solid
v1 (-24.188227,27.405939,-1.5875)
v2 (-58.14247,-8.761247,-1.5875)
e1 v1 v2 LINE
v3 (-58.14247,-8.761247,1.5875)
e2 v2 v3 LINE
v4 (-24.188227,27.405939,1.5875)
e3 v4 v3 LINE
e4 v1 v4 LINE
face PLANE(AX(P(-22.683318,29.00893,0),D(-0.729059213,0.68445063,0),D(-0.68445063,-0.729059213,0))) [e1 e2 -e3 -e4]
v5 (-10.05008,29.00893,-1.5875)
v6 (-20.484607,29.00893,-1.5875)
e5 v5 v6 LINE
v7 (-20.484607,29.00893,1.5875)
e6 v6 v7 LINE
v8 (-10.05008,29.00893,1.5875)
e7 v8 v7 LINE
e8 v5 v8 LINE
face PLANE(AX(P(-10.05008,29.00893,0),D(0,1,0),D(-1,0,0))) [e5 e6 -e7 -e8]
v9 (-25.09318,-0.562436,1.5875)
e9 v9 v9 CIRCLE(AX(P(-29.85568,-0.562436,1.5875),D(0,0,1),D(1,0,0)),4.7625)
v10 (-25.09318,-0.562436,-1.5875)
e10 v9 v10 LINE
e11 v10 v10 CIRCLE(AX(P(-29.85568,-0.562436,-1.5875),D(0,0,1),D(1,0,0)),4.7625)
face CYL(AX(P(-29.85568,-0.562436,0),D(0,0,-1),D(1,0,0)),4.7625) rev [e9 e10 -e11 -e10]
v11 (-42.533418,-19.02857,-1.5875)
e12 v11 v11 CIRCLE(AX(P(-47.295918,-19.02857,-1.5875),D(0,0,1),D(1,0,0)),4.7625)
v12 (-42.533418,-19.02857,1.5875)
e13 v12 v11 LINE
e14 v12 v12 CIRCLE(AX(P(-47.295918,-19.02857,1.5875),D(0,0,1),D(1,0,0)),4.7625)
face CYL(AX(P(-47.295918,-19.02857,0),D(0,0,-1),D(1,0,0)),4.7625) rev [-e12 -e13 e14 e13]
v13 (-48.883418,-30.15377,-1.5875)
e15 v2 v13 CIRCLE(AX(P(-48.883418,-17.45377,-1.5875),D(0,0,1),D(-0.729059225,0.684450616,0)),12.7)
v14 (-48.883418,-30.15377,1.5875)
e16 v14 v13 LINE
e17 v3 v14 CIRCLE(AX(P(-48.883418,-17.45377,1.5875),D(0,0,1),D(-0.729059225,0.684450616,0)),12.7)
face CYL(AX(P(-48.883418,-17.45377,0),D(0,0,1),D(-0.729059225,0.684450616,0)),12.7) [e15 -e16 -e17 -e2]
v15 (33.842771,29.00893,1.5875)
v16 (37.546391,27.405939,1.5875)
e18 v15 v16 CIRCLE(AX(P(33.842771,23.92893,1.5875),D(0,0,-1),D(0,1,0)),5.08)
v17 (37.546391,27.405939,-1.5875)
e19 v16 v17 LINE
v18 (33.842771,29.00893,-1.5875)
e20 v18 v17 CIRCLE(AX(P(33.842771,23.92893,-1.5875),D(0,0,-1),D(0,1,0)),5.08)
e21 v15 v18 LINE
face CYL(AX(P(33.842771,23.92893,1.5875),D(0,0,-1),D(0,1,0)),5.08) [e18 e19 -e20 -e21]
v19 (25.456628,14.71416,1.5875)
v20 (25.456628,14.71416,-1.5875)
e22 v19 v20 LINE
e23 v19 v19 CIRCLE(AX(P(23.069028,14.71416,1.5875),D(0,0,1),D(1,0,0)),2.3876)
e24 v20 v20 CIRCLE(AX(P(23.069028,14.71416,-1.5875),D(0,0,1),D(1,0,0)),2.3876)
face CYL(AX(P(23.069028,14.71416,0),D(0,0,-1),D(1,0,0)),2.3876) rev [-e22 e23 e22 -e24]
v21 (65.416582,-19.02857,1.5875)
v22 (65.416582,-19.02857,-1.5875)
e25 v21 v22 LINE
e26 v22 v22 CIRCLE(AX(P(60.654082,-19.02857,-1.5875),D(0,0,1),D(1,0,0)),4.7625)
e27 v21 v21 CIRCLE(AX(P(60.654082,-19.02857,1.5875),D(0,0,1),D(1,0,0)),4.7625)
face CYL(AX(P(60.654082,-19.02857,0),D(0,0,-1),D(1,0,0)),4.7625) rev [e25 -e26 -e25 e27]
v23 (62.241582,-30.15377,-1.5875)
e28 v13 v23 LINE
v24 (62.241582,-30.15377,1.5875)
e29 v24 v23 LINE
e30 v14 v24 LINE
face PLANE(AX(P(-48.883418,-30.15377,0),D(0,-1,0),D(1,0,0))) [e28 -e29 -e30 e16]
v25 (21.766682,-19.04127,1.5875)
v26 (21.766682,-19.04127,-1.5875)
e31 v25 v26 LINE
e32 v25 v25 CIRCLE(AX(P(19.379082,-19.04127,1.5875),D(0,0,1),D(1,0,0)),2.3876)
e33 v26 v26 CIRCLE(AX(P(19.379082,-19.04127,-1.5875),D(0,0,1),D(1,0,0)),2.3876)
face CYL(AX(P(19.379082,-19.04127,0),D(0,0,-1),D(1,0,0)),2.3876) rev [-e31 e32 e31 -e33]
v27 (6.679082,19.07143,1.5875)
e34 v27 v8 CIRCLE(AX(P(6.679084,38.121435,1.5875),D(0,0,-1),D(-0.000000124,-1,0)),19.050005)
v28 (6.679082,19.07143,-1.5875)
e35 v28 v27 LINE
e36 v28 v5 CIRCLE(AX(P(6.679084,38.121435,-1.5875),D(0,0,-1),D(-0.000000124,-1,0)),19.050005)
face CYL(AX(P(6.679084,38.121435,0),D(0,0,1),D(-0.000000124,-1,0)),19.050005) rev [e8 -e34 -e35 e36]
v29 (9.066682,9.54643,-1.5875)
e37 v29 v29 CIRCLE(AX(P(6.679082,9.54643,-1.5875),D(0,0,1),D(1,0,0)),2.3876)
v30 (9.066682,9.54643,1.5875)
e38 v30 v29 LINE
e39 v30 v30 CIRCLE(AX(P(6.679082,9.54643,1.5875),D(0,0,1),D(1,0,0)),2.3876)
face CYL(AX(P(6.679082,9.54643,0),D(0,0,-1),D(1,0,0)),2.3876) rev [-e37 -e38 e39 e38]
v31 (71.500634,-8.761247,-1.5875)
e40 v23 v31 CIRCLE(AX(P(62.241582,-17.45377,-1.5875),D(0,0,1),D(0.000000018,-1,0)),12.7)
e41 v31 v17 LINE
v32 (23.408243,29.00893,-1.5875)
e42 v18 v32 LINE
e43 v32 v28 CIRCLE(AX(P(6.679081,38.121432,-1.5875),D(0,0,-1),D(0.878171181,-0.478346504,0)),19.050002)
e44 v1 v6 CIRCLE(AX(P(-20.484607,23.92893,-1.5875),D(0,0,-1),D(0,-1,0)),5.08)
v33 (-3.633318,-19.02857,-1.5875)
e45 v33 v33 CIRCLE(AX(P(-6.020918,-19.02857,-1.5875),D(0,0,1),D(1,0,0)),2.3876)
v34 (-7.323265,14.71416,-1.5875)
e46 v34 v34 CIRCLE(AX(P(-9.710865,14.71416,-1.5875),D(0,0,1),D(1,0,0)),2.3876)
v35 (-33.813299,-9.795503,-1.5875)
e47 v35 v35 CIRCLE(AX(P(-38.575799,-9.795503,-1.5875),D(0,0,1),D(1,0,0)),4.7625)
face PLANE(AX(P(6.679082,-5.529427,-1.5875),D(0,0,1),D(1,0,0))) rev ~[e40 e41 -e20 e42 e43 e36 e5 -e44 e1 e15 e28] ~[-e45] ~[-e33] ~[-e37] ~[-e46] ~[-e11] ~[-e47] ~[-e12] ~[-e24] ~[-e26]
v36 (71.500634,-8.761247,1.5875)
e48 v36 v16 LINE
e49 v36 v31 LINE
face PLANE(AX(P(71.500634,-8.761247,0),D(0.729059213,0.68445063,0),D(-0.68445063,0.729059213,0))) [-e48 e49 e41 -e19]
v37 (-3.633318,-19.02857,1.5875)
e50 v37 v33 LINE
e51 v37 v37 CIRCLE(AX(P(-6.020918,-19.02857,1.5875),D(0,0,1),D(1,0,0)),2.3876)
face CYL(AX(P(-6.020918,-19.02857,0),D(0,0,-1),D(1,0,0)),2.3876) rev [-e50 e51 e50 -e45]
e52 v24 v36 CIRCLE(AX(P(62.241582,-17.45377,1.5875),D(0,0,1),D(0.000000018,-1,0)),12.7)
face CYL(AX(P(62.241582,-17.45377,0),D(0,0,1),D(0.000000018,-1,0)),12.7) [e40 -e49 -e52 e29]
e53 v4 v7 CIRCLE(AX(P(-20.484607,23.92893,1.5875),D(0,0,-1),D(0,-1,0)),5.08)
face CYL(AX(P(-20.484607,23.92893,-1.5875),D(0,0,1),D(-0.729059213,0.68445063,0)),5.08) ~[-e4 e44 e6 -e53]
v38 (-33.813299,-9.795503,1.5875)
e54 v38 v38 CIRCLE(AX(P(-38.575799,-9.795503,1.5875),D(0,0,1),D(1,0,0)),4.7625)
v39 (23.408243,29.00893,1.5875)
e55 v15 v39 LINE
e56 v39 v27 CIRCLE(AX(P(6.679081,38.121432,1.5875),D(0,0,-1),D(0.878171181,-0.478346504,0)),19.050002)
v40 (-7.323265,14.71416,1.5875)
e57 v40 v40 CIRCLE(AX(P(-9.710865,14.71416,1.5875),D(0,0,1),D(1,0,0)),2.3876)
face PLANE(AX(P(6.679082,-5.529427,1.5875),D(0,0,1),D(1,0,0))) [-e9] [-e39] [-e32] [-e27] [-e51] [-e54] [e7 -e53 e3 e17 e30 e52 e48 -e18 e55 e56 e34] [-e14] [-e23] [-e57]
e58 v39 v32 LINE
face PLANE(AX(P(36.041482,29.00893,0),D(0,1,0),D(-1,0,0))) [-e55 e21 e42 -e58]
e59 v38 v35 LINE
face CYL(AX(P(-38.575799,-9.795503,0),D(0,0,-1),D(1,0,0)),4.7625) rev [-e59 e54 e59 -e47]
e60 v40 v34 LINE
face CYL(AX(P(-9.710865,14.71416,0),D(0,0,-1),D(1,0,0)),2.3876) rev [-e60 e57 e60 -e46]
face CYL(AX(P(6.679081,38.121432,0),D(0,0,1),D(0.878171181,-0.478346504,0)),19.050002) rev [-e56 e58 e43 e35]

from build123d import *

# Parameters (mm, degrees)
F0_R     = 4.7625
F0_R_2   = 2.3876
F1_DEPTH = 1.5875
F2_R     = 5.08


with BuildPart() as f1:
    # F0 (on Top) → F1 (new body, symmetric)
    with BuildSketch(Plane.XY):
        with BuildLine():
            ThreePointArc((23.408243, 29.00893), (16.408146, 21.743158), (6.679082, 19.07143))
            ThreePointArc((6.679082, 19.07143), (-3.049982, 21.743158), (-10.05008, 29.00893))
            Line((-10.05008, 29.00893), (-22.683318, 29.00893))
            Line((-22.683318, 29.00893), (-58.14247, -8.761247))
            ThreePointArc((-58.14247, -8.761247), (-60.538568, -22.498319), (-48.883418, -30.15377))
            Line((-48.883418, -30.15377), (6.679082, -30.15377))
            Line((6.679082, -30.15377), (62.241582, -30.15377))
            ThreePointArc((62.241582, -30.15377), (73.896732, -22.498319), (71.500634, -8.761247))
            Line((71.500634, -8.761247), (36.041482, 29.00893))
            Line((36.041482, 29.00893), (23.408243, 29.00893))
        make_face()
        with Locations((-47.295918, -19.02857)):
            Circle(F0_R, mode=Mode.SUBTRACT)
        with Locations((-6.020918, -19.02857)):
            Circle(F0_R_2, mode=Mode.SUBTRACT)
        with Locations((-38.575799, -9.795503)):
            Circle(F0_R, mode=Mode.SUBTRACT)
        with Locations((19.379082, -19.04127)):
            Circle(F0_R_2, mode=Mode.SUBTRACT)
        with Locations((60.654082, -19.02857)):
            Circle(F0_R, mode=Mode.SUBTRACT)
        with Locations((-29.85568, -0.562436)):
            Circle(F0_R, mode=Mode.SUBTRACT)
        with Locations((-9.710865, 14.71416)):
            Circle(F0_R_2, mode=Mode.SUBTRACT)
        with Locations((6.679082, 9.54643)):
            Circle(F0_R_2, mode=Mode.SUBTRACT)
        with Locations((23.069028, 14.71416)):
            Circle(F0_R_2, mode=Mode.SUBTRACT)
    extrude(amount=F1_DEPTH, both=True)

    # F2
    f2_edges = [f1.edges().sort_by_distance(p)[0] for p in [
        (-22.683318, 29.00893, 0),
        (36.041482, 29.00893, 0),
    ]]
    fillet(f2_edges, radius=F2_R)


solid = f1.part
